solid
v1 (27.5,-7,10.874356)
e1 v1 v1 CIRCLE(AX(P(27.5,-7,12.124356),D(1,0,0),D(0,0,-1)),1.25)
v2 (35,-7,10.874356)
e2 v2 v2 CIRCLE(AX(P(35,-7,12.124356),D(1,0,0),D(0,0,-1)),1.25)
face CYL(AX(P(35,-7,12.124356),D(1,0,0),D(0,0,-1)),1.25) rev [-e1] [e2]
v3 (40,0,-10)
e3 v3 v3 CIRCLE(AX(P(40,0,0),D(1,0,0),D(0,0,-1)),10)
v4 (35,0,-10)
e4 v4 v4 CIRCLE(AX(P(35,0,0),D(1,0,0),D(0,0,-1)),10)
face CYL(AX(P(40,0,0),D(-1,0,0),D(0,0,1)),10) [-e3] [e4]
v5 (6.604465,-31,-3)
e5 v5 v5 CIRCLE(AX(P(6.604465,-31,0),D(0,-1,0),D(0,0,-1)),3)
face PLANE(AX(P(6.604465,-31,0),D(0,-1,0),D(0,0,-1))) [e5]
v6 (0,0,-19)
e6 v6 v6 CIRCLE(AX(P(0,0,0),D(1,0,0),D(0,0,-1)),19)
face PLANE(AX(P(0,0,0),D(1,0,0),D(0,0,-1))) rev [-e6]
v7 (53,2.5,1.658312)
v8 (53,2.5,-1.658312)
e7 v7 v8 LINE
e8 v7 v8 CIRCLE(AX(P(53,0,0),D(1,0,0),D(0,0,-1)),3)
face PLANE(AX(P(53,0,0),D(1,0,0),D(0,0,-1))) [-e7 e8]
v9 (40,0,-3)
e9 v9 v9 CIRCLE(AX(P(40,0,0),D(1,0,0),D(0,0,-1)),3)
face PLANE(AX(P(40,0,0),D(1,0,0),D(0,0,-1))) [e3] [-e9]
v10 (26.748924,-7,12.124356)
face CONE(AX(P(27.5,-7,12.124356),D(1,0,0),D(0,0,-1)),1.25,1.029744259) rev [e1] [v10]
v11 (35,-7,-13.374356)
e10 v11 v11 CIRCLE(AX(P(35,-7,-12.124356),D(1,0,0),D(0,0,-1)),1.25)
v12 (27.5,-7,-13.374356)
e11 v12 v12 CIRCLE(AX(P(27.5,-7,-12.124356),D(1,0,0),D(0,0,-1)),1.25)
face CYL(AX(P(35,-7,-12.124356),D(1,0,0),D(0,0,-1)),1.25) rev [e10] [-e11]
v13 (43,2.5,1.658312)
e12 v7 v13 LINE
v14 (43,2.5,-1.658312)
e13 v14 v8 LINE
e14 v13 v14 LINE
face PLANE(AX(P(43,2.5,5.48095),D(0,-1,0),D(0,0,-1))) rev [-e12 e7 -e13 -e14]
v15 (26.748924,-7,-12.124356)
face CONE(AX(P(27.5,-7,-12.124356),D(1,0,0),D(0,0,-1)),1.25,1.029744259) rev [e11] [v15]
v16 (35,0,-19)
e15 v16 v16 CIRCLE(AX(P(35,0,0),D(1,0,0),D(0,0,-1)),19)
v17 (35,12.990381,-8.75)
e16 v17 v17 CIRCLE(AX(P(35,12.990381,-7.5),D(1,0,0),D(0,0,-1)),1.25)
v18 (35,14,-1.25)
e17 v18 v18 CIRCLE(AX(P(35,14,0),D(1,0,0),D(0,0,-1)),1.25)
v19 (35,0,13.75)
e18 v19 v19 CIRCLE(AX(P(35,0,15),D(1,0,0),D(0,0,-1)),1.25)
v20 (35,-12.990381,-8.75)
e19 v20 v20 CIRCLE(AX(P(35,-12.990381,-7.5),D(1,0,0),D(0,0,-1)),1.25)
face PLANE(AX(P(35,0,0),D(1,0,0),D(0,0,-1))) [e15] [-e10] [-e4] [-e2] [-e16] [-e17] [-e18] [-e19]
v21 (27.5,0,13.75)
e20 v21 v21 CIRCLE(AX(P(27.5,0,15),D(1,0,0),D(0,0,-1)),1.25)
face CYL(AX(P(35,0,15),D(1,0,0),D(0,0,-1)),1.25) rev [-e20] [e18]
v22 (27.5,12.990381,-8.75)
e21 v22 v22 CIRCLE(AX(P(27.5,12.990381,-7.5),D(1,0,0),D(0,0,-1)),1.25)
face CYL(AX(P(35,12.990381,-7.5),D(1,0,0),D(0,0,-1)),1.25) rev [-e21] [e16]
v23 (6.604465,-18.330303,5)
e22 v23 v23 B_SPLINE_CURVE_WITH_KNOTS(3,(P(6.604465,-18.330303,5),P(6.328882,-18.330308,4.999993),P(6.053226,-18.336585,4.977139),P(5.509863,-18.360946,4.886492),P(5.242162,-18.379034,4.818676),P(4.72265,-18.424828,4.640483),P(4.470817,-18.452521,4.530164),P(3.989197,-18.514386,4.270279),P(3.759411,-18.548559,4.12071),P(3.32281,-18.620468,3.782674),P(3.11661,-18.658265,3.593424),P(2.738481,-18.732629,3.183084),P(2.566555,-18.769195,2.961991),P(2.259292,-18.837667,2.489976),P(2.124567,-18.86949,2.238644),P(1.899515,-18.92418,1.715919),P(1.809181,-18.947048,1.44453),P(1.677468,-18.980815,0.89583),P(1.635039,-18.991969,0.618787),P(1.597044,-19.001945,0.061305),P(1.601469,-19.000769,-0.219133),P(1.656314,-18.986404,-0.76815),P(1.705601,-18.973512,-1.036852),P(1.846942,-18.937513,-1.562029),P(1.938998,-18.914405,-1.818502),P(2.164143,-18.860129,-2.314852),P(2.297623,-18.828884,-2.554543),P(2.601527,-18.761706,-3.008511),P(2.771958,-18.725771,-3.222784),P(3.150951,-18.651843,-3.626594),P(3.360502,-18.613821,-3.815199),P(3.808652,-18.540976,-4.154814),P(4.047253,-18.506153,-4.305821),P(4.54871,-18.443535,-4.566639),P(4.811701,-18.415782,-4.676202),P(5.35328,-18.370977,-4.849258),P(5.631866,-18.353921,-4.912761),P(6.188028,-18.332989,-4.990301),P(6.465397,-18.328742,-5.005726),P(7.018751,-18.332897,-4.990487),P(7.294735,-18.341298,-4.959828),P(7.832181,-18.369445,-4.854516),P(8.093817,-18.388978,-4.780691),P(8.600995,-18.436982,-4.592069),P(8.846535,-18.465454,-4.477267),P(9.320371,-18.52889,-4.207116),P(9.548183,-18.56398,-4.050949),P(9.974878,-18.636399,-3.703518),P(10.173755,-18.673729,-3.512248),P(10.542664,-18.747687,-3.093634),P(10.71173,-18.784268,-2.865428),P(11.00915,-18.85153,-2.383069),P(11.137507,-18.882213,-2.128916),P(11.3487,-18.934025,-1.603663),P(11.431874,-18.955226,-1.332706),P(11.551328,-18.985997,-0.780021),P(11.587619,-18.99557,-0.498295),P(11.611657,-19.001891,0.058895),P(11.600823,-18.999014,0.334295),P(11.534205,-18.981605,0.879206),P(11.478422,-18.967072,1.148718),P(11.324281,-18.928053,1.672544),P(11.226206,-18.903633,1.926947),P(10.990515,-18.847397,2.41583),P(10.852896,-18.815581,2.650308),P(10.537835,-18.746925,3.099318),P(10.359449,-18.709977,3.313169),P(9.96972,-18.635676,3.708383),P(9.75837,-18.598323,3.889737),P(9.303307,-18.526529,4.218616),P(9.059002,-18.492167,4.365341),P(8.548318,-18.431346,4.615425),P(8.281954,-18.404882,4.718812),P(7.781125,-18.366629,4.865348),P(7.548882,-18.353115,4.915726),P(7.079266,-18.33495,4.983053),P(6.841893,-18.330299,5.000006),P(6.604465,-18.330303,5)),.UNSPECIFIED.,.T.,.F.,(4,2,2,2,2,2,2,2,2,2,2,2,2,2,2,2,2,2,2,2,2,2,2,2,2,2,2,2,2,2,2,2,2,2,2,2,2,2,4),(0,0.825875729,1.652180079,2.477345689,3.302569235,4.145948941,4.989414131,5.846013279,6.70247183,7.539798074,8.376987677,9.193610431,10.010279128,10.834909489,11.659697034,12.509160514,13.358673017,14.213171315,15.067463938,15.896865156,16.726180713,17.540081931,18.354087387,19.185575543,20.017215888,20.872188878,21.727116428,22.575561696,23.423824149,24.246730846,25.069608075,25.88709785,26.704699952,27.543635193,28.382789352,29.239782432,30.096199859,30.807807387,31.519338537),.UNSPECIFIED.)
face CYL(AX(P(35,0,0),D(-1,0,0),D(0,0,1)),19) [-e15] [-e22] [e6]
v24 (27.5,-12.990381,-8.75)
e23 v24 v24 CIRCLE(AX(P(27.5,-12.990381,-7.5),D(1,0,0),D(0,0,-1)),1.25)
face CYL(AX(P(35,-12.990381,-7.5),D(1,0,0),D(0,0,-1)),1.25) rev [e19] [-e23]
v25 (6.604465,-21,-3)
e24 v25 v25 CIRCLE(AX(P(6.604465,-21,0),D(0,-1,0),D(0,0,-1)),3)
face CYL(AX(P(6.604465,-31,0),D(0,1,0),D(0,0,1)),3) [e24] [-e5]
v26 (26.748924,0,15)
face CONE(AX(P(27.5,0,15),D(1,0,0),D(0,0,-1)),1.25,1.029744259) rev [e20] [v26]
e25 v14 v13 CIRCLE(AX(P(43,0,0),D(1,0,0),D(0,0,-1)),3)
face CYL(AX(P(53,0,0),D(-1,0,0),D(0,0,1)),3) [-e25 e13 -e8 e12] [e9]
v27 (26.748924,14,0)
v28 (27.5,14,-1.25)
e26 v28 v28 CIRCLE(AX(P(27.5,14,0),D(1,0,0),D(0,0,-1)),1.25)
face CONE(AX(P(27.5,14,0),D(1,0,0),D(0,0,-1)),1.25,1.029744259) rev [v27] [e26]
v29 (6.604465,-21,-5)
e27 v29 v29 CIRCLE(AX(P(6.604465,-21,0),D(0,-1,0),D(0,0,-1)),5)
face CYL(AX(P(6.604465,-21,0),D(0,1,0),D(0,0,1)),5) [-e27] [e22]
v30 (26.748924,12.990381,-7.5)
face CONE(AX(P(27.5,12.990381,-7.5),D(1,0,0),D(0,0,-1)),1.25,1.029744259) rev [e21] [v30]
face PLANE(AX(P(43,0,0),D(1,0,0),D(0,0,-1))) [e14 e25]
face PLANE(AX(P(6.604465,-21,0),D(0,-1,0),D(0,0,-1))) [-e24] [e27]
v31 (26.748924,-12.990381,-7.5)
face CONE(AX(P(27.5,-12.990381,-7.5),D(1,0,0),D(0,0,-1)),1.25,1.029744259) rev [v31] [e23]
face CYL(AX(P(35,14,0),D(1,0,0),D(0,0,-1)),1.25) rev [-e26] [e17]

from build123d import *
from build123d.topology import SkipClean

# Parameters (mm, degrees)
SKETCH1_R                            = 19
BOSS_EXTRUDE1_DEPTH                  = 35
SKETCH2_R                            = 10
BOSS_EXTRUDE2_DEPTH                  = 5
SKETCH3_R                            = 3
BOSS_EXTRUDE3_DEPTH                  = 13
SKETCH4_W                            = 10.869693714
SKETCH4_H                            = 3.318117029
CUT_EXTRUDE1_DEPTH                   = 10
SKETCH5_R                            = 5
BOSS_EXTRUDE4_DEPTH                  = 2
BOSS_EXTRUDE4_DIRECTION_2_REACH      = 69.926
BOSS_EXTRUDE4_DIRECTION_2_END_RADIUS = 19
SKETCH6_R                            = 3
BOSS_EXTRUDE5_DEPTH                  = 10
M3_TAPPED_HOLE1_AT_2_COUNT           = 2
M3_TAPPED_HOLE1_AT_2_PITCH           = 7.567650257
CIRPATTERN1_COUNT                    = 3


with BuildPart() as part:
    # Sketch1 → Boss-Extrude1 (new body)
    with BuildSketch(Plane(origin=(0, 0, 0), x_dir=(0, 0, -1), z_dir=(1, 0, 0))):
        Circle(SKETCH1_R)
    extrude(amount=BOSS_EXTRUDE1_DEPTH)

    # Sketch2 → Boss-Extrude2 (add)
    with BuildSketch(Plane(origin=(35, 0, 0), x_dir=(0, 0, -1), z_dir=(1, 0, 0))):
        Circle(SKETCH2_R)
    extrude(amount=BOSS_EXTRUDE2_DEPTH)

    # Sketch3 → Boss-Extrude3 (add)
    with BuildSketch(Plane(origin=(40, 0, 0), x_dir=(0, 0, -1), z_dir=(1, 0, 0))):
        with Locations(Location((0, 0, 0), (0, 0, 180))):
            Circle(SKETCH3_R)
    extrude(amount=BOSS_EXTRUDE3_DEPTH)

    # Sketch4 → Cut-Extrude1 (cut)
    with BuildSketch(Plane(origin=(53, 0, 0), x_dir=(0, 0, -1), z_dir=(1, 0, 0))):
        with Locations((-0.046103434, 4.159058514)):
            Rectangle(SKETCH4_W, SKETCH4_H)
    extrude(amount=-CUT_EXTRUDE1_DEPTH, mode=Mode.SUBTRACT)

    # Sketch5 → Boss-Extrude4 (add)
    with BuildSketch(Plane(origin=(0, -19, 0), x_dir=(-1, 0, 0), z_dir=(0, -1, 0))):
        with Locations(Location((-6.604465085, 0, 0), (0, 0, 270))):
            Circle(SKETCH5_R)
    extrude(amount=BOSS_EXTRUDE4_DEPTH)

    # Boss-Extrude4 direction 2: up to this cylinder (the profile starts outside it)
    with SkipClean():  # the faces are left unmerged after this step: merging them gives an invalid solid
        boss_extrude4_direction_2_end = Plane(origin=(6.604465, 0, 0), z_dir=(-1, 0, 0)) * Cylinder(BOSS_EXTRUDE4_DIRECTION_2_END_RADIUS, 178.852, mode=Mode.PRIVATE)
        # Sketch5 → Boss-Extrude4 direction 2 (add, up to the surface)
        with BuildSketch(Plane(origin=(0, -19, 0), x_dir=(-1, 0, 0), z_dir=(0, -1, 0)), mode=Mode.PRIVATE) as boss_extrude4_direction_2_sk1:
            with Locations(Location((-6.604465085, 0, 0), (0, 0, 270))):
                Circle(SKETCH5_R)
        boss_extrude4_direction_2_tool1 = extrude(boss_extrude4_direction_2_sk1.sketch, amount=-BOSS_EXTRUDE4_DIRECTION_2_REACH, mode=Mode.PRIVATE) - boss_extrude4_direction_2_end
        add(boss_extrude4_direction_2_tool1.solids().sort_by_distance((6.604465, -19, 0))[0])
        add(boss_extrude4_direction_2_tool1.solids().sort_by_distance((6.604465, -19, 0))[1])

    # Sketch6 → Boss-Extrude5 (add)
    with BuildSketch(Plane.XZ.offset(21)):
        with Locations(Location((6.604465085, 0, 0), (0, 0, 270))):
            Circle(SKETCH6_R)
    extrude(amount=BOSS_EXTRUDE5_DEPTH)

    # Sketch10 → M3 Tapped Hole1 (revolve, cut)
    with BuildSketch(Plane(origin=(35, 12.990381057, -7.5), x_dir=(0, 0, -1), z_dir=(0, 1, 0))):
        Polygon((0, 0), (0, 8.251075774), (1.25, 7.5), (1.25, 0), align=None)
    m3_tapped_hole1 = revolve(axis=Axis((41.35, 12.990381057, -7.5), (-1, 0, 0)), mode=Mode.SUBTRACT)

    # M3 Tapped Hole1 at 2: M3 Tapped Hole1 ×2
    with Locations(*[Vector(0, 0.13341247401263537, 0.9910605994477977) * (i * M3_TAPPED_HOLE1_AT_2_PITCH) for i in range(1, M3_TAPPED_HOLE1_AT_2_COUNT)]):
        add(m3_tapped_hole1, mode=Mode.SUBTRACT)

    # CirPattern1: M3 Tapped Hole1 ×3 about axis
    cirpattern1_axis = Axis((0, 0, 0), (1, 0, 0))
    for i in range(1, CIRPATTERN1_COUNT):
        add(m3_tapped_hole1.rotate(cirpattern1_axis, i * 360 / CIRPATTERN1_COUNT), mode=Mode.SUBTRACT)

    # CirPattern1 copy 1 sketch → CirPattern1 copy 1 (revolve, cut)
    with BuildSketch(Plane(origin=(35, -7, 12.124355653), x_dir=(0, 0.8660254037844387, 0.4999999999999998), z_dir=(0, -0.4999999999999998, 0.8660254037844387))):
        Polygon((0, 0), (0, 8.251075774), (1.25, 7.5), (1.25, 0), align=None)
    revolve(axis=Axis((41.35, -7, 12.124355653), (-1, 0, 0)), mode=Mode.SUBTRACT)

    # CirPattern1 copy 2 sketch → CirPattern1 copy 2 (revolve, cut)
    with BuildSketch(Plane(origin=(35, -7, -12.124355653), x_dir=(0, -0.8660254037844384, 0.5000000000000004), z_dir=(0, -0.5000000000000004, -0.8660254037844384))):
        Polygon((0, 0), (0, 8.251075774), (1.25, 7.5), (1.25, 0), align=None)
    revolve(axis=Axis((41.35, -7, -12.124355653), (-1, 0, 0)), mode=Mode.SUBTRACT)


solid = part.part
